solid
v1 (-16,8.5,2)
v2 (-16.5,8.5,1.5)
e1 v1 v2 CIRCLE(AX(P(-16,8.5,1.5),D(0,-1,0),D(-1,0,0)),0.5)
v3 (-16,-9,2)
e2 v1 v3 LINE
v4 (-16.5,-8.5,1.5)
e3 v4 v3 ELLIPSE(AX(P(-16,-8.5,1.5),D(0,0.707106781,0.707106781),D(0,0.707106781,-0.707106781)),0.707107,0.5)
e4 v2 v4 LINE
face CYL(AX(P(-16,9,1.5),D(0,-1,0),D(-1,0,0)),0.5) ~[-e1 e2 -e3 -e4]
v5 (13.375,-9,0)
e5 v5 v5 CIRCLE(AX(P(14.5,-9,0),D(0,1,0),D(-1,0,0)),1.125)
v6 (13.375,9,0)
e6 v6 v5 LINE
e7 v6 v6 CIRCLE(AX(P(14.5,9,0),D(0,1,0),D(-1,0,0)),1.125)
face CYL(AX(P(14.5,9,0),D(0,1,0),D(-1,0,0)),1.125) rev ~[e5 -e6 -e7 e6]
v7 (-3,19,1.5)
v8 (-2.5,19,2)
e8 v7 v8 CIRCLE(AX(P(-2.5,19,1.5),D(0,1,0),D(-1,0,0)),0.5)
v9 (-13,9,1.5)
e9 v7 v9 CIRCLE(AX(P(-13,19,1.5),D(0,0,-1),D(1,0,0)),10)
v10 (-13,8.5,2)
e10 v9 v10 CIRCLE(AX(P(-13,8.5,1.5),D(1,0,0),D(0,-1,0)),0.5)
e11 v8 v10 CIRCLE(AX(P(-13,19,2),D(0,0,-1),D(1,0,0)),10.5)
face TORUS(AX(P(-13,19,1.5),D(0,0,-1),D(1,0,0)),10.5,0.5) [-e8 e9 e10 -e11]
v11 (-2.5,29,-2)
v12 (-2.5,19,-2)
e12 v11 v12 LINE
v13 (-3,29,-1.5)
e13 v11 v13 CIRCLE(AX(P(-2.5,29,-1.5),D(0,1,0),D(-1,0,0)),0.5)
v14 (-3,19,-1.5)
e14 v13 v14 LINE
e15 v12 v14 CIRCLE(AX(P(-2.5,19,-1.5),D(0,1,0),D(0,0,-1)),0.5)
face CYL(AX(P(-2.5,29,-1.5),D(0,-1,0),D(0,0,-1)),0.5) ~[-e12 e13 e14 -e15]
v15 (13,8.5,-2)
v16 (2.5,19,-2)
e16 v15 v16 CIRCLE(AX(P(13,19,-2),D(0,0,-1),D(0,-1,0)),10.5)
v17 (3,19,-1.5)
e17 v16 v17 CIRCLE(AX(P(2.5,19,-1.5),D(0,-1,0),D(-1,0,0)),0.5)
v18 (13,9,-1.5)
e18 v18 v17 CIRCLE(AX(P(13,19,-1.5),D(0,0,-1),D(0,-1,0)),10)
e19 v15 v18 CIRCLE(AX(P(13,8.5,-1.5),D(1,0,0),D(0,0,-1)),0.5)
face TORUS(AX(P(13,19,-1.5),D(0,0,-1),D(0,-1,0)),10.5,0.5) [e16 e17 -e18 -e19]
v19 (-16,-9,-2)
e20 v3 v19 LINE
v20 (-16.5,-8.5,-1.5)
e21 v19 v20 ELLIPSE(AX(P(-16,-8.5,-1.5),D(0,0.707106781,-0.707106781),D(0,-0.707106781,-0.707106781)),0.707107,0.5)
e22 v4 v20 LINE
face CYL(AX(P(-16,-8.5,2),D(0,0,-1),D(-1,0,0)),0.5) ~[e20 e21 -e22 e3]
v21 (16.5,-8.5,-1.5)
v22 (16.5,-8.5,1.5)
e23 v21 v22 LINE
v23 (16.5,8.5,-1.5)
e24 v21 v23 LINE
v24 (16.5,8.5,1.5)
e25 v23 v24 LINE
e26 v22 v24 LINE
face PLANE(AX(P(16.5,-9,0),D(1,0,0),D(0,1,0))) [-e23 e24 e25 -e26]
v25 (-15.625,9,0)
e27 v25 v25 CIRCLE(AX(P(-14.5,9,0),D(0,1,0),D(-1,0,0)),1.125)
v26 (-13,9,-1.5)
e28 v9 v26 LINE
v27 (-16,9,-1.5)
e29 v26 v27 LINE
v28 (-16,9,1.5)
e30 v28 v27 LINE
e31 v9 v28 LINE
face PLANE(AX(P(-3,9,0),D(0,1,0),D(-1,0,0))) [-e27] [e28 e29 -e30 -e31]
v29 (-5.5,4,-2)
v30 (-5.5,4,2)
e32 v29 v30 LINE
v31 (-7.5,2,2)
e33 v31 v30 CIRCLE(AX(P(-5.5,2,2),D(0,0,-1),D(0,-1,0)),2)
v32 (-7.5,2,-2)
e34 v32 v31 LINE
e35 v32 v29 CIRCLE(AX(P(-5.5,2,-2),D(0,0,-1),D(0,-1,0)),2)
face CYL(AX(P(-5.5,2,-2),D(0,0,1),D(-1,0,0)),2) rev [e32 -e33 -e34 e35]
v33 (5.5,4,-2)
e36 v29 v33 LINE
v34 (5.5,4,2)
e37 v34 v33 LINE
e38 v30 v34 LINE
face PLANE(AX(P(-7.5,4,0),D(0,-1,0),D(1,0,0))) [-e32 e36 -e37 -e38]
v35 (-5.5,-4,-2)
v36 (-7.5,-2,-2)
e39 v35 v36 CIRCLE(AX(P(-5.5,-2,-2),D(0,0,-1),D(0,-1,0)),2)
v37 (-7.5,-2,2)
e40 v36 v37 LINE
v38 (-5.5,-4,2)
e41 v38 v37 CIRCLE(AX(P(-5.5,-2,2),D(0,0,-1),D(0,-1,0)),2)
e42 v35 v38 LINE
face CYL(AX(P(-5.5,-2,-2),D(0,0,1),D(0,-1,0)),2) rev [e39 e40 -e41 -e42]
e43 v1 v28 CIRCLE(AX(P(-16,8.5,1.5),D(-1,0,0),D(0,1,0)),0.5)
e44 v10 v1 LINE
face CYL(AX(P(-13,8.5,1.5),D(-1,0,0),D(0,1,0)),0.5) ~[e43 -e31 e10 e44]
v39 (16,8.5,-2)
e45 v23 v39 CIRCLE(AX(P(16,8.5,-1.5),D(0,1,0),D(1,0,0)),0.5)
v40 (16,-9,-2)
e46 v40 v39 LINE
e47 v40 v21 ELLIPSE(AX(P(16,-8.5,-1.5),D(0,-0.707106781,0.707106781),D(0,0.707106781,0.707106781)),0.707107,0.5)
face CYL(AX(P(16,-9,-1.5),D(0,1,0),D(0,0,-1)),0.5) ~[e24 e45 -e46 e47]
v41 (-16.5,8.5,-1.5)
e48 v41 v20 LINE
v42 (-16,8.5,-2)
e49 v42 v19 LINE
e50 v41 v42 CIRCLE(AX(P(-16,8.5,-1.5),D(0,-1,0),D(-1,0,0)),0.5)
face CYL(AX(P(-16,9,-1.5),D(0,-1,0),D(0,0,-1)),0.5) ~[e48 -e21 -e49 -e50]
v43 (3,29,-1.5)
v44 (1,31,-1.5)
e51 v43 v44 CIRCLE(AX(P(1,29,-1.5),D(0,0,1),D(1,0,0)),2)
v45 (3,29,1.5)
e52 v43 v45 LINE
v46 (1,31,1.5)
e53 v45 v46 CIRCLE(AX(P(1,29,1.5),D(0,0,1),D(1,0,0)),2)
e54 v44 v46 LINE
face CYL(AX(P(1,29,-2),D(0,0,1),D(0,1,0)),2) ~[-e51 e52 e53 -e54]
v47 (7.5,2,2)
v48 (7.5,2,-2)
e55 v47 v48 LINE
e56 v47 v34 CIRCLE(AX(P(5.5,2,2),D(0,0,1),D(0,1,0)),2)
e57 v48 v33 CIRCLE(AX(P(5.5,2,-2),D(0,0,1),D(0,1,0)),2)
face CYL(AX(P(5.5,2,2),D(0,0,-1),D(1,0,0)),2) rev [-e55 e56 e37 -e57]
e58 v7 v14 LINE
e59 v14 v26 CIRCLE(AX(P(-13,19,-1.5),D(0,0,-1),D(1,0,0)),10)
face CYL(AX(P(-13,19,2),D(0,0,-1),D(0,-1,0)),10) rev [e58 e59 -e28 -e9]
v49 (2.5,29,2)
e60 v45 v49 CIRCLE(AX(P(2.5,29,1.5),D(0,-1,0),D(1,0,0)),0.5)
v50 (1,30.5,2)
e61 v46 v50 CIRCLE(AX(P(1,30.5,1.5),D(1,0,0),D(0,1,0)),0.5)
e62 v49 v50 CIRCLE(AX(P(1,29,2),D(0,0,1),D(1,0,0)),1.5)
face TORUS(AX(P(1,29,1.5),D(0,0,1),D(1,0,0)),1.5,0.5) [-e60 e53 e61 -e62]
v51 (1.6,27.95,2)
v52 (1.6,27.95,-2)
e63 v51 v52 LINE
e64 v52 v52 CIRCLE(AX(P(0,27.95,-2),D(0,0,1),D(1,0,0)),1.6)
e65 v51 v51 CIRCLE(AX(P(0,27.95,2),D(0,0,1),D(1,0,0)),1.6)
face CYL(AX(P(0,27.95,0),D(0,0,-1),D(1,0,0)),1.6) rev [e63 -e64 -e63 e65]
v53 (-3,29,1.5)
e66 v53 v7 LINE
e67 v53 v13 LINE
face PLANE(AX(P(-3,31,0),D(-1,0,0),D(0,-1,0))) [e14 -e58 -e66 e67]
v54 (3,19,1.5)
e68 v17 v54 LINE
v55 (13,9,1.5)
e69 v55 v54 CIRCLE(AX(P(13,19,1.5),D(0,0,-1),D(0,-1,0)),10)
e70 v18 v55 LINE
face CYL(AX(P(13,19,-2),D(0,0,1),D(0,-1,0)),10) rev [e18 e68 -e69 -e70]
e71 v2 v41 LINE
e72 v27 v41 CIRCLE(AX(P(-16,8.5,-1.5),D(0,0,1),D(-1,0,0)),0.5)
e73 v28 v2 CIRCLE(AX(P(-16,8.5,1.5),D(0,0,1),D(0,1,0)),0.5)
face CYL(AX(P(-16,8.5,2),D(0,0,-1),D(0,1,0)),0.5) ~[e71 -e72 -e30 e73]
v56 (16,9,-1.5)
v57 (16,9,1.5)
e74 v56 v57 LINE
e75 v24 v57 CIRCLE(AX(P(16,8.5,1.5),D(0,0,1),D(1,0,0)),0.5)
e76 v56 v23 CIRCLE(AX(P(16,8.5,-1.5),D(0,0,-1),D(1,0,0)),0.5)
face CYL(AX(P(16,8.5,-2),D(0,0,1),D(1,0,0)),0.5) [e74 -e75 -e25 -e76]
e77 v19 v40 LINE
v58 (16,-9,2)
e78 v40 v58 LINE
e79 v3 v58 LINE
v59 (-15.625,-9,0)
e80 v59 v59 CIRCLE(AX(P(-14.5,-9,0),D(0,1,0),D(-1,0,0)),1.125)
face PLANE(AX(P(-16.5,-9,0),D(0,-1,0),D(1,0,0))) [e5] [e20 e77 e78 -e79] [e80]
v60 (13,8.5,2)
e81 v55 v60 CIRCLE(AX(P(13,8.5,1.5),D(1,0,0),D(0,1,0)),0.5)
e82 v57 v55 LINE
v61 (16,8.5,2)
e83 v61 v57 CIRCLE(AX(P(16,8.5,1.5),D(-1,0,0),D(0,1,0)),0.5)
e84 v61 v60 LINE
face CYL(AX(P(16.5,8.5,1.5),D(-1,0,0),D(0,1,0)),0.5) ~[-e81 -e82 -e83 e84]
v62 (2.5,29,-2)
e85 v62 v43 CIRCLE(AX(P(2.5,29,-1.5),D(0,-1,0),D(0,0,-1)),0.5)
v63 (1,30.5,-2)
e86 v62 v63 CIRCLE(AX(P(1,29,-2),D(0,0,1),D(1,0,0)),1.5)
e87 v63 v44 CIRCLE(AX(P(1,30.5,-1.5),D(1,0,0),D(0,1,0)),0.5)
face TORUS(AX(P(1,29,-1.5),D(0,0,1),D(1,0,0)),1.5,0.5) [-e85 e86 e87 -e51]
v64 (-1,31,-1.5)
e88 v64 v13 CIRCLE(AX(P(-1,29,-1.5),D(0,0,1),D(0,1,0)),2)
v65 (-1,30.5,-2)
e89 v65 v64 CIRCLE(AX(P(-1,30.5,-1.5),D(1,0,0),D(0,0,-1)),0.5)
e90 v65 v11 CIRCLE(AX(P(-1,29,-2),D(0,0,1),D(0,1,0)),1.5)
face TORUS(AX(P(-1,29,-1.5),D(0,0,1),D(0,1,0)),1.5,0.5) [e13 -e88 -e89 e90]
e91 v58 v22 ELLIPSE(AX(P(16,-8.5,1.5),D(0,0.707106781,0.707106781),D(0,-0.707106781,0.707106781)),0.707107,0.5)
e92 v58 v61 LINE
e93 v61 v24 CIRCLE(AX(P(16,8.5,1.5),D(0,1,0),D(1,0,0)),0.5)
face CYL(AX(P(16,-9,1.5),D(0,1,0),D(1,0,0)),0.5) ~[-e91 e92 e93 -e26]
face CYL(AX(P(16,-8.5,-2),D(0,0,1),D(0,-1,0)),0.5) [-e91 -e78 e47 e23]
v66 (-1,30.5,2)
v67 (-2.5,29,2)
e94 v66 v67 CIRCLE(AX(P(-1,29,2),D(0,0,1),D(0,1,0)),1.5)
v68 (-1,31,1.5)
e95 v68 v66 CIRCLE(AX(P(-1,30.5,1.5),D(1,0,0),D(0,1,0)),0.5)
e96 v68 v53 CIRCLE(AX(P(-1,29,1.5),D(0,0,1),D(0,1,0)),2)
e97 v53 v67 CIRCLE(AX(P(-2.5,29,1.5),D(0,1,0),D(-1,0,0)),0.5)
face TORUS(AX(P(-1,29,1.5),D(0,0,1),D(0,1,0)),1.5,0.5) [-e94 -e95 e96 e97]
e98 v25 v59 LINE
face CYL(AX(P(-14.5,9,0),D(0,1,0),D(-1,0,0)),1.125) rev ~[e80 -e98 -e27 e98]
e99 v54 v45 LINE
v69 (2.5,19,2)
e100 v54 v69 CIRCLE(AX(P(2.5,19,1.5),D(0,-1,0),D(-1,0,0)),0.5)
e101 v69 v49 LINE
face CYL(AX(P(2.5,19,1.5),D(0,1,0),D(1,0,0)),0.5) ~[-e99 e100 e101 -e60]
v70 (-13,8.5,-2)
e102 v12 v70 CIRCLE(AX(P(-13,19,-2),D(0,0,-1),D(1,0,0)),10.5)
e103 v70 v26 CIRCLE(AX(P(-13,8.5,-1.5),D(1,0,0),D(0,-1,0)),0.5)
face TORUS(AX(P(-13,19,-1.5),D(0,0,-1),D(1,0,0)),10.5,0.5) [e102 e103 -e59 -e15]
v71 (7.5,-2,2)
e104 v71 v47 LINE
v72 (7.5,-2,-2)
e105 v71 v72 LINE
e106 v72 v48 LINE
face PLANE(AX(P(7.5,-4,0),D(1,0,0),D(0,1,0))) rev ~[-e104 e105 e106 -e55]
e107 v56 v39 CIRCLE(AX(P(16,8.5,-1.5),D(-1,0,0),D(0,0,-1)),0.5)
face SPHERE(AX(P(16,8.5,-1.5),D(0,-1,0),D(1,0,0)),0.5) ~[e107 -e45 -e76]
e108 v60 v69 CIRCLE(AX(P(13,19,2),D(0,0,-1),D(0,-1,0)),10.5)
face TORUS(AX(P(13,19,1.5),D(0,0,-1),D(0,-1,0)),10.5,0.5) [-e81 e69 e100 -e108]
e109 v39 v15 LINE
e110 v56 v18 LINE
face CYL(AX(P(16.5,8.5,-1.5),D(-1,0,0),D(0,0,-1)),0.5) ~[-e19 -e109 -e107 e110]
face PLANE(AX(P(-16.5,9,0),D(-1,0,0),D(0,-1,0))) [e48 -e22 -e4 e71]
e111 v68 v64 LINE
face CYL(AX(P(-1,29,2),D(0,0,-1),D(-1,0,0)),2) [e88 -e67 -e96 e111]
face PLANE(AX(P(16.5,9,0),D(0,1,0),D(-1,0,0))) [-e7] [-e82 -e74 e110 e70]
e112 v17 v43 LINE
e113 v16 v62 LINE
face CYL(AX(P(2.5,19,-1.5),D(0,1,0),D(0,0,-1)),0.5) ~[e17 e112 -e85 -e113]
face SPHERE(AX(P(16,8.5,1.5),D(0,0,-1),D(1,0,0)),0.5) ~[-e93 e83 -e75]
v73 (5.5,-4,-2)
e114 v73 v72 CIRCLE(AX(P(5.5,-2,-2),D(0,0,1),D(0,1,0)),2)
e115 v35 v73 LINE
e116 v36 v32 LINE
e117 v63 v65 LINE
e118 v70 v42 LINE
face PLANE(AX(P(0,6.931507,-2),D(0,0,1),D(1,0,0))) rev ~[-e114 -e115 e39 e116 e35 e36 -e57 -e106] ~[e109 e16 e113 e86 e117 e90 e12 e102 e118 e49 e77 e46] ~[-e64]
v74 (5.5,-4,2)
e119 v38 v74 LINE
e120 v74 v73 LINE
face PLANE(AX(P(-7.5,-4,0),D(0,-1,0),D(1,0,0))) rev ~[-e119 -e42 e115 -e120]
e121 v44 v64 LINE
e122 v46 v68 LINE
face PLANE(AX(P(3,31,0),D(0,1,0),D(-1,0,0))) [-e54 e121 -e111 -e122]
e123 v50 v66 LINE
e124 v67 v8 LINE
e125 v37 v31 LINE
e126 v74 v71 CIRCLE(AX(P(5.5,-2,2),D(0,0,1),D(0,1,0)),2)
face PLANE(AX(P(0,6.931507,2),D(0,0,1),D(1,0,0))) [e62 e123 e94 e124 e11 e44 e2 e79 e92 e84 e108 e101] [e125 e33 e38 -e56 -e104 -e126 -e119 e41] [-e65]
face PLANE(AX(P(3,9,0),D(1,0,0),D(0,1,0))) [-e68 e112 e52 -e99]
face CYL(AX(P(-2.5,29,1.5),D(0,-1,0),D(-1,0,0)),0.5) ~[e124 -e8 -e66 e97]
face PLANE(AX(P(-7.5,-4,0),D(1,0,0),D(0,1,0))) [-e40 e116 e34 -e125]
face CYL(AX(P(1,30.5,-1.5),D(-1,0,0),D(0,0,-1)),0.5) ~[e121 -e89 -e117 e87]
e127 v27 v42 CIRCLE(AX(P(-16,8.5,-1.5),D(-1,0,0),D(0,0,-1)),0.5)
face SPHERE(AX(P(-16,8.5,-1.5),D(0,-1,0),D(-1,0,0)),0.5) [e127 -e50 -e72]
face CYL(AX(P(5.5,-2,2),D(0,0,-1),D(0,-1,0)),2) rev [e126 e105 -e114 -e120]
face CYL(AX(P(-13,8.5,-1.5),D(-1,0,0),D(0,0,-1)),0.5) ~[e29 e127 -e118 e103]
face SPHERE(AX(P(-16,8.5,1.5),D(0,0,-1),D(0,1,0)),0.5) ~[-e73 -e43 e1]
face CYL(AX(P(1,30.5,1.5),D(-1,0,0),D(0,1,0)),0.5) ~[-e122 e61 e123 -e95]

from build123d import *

# Parameters (mm, degrees)
SKETCH1_W           = 15
SKETCH1_H           = 8
SKETCH1_R           = 1.6
BOSS_EXTRUDE1_DEPTH = 2
SKETCH2_R           = 1.125
CUT_EXTRUDE1_DEPTH  = 28.572631358
FILLET2_R           = 10
FILLET3_R           = 2
FILLET6_R           = 2
FILLET5_R           = 0.5


with BuildPart() as part:
    # Sketch1 → Boss-Extrude1 (new, symmetric)
    with BuildSketch(Plane.XY):
        Polygon((-16.5, -9), (16.5, -9), (16.5, 9), (3, 9), (3, 31), (-3, 31), (-3, 9), (-16.5, 9), align=None)
        Rectangle(SKETCH1_W, SKETCH1_H, mode=Mode.SUBTRACT)
        with Locations((0, 27.95)):
            Circle(SKETCH1_R, mode=Mode.SUBTRACT)
    extrude(amount=BOSS_EXTRUDE1_DEPTH, both=True)

    # Sketch2 → Cut-Extrude1 (cut, through all)
    with BuildSketch(Plane(origin=(0, 9, 0), x_dir=(1, 0, 0), z_dir=(0, 1, 0))):
        with Locations(Location((-14.5, 0, 0), (0, 0, 180))):
            Circle(SKETCH2_R)
        with Locations(Location((14.5, 0, 0), (0, 0, 180))):
            Circle(SKETCH2_R)
    extrude(amount=-CUT_EXTRUDE1_DEPTH, mode=Mode.SUBTRACT)

    # Fillet2
    fillet2_edges = [part.edges().sort_by_distance(p)[0] for p in [
        (-3, 9, 0),
        (3, 9, 0),
    ]]
    fillet(fillet2_edges, radius=FILLET2_R)

    # Fillet3
    fillet3_edges = [part.edges().sort_by_distance(p)[0] for p in [
        (-3, 31, 0),
        (3, 31, 0),
    ]]
    fillet(fillet3_edges, radius=FILLET3_R)

    # Fillet6
    fillet6_edges = [part.edges().sort_by_distance(p)[0] for p in [
        (-7.5, 4, 0),
        (-7.5, -4, 0),
        (7.5, -4, 0),
        (7.5, 4, 0),
    ]]
    fillet(fillet6_edges, radius=FILLET6_R)

    # Fillet5
    fillet5_edges = [part.edges().sort_by_distance(p)[0] for p in [
        (16.5, 0, -2),
        (-16.5, 0, -2),
        (16.5, 9, 0),
        (16.5, -9, 0),
        (-16.5, -9, 0),
        (-16.5, 9, 0),
        (16.5, 0, 2),
        (14.75, 9, 2),
        (-14.75, 9, -2),
        (-14.75, 9, 2),
        (3, 24, -2),
        (3, 24, 2),
        (-5.928932188, 11.928932188, -2),
        (-5.928932188, 11.928932188, 2),
        (5.928932188, 11.928932188, -2),
        (5.928932188, 11.928932188, 2),
        (0, 31, -2),
        (0, 31, 2),
        (-3, 24, -2),
        (-2.414213562, 30.414213562, -2),
        (2.414213562, 30.414213562, -2),
        (-3, 24, 2),
        (-2.414213562, 30.414213562, 2),
        (2.414213562, 30.414213562, 2),
        (-16.5, 0, 2),
        (14.75, 9, -2),
    ]]
    fillet(fillet5_edges, radius=FILLET5_R)


solid = part.part
